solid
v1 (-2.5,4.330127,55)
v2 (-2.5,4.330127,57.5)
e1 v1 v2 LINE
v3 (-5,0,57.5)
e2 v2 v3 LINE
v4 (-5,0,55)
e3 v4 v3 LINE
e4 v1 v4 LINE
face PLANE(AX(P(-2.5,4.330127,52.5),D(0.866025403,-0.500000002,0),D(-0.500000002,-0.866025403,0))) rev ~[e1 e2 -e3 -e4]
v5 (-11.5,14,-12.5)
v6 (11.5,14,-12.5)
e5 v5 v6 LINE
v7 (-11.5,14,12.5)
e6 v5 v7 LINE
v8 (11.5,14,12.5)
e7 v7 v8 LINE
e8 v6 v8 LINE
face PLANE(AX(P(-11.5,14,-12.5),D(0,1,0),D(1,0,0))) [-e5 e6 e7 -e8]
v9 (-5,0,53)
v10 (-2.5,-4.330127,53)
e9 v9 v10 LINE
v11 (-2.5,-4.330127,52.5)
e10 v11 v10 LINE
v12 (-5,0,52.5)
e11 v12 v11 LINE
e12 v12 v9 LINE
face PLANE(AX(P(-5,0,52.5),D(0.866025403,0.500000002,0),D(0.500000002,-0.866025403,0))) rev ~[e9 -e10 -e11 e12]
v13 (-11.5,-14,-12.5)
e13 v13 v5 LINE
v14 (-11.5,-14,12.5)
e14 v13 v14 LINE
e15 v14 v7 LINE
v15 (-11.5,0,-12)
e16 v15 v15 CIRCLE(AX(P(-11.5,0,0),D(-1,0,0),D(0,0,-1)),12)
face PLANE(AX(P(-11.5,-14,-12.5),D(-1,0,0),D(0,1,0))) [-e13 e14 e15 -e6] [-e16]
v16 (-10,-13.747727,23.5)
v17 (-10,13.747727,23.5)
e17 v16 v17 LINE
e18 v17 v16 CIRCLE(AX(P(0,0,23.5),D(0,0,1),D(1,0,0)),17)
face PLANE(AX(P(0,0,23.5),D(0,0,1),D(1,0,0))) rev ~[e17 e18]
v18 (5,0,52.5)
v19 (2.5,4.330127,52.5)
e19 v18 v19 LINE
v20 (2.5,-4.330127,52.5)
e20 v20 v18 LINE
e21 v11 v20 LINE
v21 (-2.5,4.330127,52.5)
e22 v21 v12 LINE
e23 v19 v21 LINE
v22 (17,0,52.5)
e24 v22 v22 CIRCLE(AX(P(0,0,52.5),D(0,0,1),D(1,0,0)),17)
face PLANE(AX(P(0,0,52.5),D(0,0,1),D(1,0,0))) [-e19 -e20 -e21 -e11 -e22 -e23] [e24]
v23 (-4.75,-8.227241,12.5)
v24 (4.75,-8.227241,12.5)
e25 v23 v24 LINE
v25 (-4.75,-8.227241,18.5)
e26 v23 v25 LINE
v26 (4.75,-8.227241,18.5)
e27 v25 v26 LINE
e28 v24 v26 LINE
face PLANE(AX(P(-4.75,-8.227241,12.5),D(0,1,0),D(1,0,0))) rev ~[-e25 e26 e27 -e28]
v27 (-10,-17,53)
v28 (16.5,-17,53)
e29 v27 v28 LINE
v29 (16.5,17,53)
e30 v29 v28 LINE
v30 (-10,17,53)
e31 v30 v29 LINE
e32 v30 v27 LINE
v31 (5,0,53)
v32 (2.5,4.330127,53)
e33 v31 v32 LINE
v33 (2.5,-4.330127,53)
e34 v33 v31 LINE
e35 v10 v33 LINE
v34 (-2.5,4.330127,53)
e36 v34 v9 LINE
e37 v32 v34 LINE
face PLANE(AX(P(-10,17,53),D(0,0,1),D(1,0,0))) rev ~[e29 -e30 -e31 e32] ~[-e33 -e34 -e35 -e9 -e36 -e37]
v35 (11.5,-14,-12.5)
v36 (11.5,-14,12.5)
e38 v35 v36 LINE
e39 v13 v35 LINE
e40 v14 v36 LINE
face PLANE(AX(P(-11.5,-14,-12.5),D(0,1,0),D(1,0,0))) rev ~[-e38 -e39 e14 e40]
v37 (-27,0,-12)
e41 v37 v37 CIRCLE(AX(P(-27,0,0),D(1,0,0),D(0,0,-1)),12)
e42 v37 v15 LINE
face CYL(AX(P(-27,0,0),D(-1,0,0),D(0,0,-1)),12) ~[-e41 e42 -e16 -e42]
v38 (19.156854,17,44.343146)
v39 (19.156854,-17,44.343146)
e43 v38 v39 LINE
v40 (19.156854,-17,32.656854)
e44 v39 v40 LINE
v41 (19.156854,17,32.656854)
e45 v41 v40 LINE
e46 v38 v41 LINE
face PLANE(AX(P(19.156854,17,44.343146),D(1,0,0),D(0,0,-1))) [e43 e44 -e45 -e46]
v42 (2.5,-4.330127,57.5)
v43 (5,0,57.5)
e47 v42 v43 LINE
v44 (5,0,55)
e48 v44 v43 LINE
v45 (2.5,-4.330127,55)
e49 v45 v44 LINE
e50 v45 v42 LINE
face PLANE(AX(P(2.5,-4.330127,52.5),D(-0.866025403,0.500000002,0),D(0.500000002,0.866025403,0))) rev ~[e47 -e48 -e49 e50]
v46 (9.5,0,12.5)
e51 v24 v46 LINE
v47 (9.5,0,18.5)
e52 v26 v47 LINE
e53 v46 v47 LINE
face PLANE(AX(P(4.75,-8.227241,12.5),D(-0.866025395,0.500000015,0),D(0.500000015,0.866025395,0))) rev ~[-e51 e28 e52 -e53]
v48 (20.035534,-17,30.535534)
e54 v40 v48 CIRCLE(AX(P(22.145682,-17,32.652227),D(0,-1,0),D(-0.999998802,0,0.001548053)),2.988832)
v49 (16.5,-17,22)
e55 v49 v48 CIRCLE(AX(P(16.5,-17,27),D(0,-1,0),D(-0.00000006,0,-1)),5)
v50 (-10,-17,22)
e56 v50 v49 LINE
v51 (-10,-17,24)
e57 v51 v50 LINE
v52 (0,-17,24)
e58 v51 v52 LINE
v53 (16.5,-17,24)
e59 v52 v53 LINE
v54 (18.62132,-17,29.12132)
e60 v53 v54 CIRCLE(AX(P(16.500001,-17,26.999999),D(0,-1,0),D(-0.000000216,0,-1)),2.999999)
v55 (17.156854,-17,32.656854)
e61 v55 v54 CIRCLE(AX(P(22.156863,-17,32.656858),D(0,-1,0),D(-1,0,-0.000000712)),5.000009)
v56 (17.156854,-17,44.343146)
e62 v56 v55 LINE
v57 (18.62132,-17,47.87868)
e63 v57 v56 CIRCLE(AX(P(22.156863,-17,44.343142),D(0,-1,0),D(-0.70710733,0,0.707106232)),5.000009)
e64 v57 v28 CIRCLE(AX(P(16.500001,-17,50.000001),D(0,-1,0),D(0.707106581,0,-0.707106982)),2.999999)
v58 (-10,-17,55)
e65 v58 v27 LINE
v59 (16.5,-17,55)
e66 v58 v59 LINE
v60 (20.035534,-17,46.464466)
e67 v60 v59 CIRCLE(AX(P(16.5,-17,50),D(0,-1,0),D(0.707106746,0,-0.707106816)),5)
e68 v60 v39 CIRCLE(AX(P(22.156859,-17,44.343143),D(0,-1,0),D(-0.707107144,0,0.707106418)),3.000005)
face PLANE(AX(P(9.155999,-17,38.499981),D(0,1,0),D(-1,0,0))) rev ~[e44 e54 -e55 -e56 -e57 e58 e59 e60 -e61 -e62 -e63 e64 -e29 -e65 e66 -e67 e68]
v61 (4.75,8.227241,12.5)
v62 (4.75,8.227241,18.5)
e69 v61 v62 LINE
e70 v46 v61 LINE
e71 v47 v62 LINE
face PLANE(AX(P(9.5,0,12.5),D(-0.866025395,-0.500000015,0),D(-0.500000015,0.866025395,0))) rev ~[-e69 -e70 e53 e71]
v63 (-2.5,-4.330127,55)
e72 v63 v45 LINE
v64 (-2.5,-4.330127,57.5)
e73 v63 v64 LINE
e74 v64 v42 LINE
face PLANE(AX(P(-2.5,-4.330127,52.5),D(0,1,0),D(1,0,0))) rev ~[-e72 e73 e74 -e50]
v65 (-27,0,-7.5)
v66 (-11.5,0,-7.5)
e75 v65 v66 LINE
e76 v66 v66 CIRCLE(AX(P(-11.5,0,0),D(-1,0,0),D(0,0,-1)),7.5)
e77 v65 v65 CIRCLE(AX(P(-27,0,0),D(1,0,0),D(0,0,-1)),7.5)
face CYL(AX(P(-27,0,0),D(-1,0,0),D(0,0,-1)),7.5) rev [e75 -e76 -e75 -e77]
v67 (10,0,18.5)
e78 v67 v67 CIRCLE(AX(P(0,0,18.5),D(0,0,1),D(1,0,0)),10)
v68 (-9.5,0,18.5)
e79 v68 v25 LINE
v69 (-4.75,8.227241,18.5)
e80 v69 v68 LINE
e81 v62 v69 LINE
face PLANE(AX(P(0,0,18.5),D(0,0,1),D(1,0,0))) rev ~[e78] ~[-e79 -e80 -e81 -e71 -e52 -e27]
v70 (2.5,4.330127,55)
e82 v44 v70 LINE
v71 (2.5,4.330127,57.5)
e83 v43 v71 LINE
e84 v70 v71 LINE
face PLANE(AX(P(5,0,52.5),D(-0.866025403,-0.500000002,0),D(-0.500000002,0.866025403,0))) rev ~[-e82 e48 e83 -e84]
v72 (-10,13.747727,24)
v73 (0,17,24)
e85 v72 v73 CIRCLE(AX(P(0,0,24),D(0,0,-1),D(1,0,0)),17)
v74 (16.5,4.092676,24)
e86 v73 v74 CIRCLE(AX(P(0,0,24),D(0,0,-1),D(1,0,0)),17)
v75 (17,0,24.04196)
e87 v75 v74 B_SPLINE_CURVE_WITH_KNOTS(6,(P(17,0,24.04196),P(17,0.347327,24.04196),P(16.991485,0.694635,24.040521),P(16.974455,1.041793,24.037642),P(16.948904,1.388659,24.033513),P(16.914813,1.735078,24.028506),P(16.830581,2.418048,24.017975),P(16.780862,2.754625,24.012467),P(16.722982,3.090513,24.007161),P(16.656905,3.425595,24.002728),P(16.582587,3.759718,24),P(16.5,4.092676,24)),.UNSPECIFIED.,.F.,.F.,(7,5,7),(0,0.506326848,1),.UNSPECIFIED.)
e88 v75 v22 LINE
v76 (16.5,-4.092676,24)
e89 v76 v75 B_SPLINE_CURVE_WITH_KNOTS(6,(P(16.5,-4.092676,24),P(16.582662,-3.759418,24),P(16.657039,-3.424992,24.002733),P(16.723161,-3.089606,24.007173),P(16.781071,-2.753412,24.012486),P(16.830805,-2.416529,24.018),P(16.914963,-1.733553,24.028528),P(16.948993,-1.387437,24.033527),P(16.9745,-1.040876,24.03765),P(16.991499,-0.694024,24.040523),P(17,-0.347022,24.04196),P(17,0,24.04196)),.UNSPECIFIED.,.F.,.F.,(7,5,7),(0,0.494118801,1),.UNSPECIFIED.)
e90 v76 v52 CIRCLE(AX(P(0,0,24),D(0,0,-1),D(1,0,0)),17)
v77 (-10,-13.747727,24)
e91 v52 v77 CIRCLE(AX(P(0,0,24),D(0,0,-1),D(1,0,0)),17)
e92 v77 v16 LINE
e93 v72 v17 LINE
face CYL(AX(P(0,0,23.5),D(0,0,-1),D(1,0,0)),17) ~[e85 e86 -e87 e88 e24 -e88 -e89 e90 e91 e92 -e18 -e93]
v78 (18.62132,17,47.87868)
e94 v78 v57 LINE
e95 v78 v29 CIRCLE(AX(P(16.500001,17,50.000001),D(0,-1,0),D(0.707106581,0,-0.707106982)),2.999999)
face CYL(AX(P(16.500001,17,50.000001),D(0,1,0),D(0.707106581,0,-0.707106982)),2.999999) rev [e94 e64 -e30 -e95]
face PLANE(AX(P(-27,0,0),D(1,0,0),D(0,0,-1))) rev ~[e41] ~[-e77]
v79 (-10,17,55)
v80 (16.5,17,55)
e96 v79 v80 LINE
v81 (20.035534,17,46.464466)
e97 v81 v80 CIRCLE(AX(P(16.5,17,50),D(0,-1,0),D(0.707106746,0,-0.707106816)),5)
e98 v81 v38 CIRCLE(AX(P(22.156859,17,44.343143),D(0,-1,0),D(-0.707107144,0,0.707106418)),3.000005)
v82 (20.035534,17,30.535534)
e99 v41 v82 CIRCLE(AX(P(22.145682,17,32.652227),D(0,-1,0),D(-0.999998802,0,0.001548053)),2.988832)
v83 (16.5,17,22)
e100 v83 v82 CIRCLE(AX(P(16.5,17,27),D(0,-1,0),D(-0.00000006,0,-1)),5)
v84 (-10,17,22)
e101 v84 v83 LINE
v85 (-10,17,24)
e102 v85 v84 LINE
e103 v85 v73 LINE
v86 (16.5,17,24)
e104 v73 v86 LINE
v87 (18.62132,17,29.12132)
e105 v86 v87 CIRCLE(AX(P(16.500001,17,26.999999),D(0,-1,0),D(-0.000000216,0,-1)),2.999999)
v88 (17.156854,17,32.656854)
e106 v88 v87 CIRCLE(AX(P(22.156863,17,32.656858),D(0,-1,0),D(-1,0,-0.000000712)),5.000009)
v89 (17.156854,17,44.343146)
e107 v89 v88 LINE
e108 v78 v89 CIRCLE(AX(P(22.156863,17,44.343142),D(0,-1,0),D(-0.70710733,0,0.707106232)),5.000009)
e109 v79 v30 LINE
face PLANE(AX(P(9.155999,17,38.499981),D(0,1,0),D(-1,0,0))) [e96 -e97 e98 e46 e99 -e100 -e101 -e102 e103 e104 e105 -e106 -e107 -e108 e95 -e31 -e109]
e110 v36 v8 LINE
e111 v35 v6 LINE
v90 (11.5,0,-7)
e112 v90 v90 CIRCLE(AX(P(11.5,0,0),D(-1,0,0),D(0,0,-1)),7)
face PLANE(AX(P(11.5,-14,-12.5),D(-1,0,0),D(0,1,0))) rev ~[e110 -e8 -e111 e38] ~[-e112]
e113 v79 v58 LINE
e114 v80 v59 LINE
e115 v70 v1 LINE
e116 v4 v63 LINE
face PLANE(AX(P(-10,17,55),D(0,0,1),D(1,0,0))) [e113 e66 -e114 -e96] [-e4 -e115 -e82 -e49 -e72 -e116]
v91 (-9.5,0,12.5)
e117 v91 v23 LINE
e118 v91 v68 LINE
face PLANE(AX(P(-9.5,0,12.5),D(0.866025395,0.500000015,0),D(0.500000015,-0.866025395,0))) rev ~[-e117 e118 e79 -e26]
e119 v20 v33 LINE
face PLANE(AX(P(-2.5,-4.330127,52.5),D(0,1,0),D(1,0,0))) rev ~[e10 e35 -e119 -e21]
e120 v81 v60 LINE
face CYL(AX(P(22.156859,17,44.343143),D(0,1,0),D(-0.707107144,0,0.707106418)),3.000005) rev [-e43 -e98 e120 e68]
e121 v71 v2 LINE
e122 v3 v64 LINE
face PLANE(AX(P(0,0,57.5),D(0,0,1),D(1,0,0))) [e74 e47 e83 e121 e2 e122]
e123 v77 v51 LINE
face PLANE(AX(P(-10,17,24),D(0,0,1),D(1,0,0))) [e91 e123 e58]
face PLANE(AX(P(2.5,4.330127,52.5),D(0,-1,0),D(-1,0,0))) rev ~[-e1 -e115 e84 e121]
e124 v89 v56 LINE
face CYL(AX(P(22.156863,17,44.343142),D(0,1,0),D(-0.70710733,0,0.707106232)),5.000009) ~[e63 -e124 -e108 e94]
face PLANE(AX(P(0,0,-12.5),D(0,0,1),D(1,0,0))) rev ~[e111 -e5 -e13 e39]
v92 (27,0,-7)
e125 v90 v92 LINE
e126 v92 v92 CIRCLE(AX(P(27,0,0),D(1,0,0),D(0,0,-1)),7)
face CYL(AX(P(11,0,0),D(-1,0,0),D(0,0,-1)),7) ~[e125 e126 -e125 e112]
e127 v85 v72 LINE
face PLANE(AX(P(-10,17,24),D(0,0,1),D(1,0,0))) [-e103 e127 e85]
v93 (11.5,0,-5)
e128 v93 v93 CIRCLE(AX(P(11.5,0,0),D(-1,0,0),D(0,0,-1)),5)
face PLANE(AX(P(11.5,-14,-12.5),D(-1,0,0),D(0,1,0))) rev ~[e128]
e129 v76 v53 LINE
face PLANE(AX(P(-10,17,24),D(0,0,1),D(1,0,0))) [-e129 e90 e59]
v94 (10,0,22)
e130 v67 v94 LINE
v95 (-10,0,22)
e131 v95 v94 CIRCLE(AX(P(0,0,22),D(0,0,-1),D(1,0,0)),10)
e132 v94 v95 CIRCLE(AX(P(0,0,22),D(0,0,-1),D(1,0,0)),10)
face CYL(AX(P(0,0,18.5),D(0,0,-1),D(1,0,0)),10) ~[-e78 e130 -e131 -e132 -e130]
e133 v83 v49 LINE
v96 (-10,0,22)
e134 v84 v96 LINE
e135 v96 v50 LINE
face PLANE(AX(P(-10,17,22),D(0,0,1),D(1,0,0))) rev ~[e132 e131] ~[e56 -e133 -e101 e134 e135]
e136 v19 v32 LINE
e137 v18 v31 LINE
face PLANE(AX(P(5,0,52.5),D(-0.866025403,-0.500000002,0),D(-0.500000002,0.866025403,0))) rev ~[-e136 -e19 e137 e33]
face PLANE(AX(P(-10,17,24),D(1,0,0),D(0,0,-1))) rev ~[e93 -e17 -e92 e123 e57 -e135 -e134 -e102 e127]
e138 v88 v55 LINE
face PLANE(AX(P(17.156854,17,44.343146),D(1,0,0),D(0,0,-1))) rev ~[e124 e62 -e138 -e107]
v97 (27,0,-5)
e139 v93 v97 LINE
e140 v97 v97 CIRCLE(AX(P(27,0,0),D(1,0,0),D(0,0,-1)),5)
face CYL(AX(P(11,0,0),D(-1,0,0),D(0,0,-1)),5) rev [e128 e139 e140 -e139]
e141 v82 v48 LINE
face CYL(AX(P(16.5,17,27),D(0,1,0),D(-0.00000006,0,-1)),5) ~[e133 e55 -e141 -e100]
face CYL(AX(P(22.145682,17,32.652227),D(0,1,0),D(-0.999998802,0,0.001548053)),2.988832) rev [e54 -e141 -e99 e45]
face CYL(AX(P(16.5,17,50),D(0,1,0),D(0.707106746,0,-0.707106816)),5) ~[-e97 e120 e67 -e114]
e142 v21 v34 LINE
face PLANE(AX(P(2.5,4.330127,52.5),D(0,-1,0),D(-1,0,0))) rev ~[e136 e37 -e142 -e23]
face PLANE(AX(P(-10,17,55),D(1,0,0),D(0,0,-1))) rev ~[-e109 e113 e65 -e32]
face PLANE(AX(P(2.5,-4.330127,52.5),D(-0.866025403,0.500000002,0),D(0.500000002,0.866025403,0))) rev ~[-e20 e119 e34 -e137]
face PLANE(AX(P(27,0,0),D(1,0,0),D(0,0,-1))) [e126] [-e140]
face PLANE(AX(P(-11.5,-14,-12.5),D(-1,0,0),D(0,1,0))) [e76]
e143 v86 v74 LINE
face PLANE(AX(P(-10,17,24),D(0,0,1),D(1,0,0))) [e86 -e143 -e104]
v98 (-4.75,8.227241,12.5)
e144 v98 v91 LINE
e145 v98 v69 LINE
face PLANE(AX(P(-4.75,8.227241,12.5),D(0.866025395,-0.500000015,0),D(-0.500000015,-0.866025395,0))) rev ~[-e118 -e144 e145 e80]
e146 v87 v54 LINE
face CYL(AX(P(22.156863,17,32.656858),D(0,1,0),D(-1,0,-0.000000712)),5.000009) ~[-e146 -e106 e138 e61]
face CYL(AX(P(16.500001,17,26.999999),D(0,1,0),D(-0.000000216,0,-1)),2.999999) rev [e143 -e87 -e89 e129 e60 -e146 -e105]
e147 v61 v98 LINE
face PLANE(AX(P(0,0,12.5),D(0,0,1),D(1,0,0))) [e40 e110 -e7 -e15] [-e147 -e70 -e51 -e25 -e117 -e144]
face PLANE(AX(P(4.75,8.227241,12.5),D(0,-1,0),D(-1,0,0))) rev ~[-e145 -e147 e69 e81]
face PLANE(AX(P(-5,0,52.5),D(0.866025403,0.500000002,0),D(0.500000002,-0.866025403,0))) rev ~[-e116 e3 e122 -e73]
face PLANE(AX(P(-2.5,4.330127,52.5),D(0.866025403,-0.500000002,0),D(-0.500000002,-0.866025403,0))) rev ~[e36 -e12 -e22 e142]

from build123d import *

# Parameters (mm, degrees)
PAD004_DEPTH            = 34
CYLINDER001_R           = 5
CYLINDER001_DEPTH       = 16
CYLINDER001_PITCH_ANGLE = 90
CYLINDER003_R           = 7
CYLINDER003_DEPTH       = 16
CYLINDER003_PITCH_ANGLE = 90
CYLINDER002_R           = 7.5
CYLINDER002_DEPTH       = 16
CYLINDER002_PITCH_ANGLE = 90
CYLINDER_R              = 12
CYLINDER_DEPTH          = 16
CYLINDER_PITCH_ANGLE    = 90
BOX_W                   = 23
BOX_H                   = 28
BOX_DEPTH               = 25
PAD_DEPTH               = 6
SKETCH001_R             = 10
PAD001_DEPTH            = 5
SKETCH002_R             = 17
PAD002_DEPTH            = 29
PAD003_DEPTH            = 5


with BuildPart() as pad004:
    # Sketch004 → Pad004 (new body)
    with BuildSketch(Plane.XZ.offset(-17)):
        with BuildLine():
            Line((-10, 55), (16.5, 55))
            ThreePointArc((20.035534, 46.464466), (21.119398, 51.913417), (16.5, 55))
            ThreePointArc((20.035534, 46.464466), (19.385216, 45.491196), (19.156854, 44.343146))
            Line((19.156854, 44.343146), (19.156854, 32.656854))
            ThreePointArc((19.156854, 32.656854), (19.384362, 31.50845), (20.035534, 30.535534))
            ThreePointArc((16.5, 22), (21.119398, 25.086583), (20.035534, 30.535534))
            Line((-10, 22), (16.5, 22))
            Line((-10, 24), (-10, 22))
            Line((-10, 24), (16.5, 24))
            ThreePointArc((16.5, 24), (19.271639, 25.85195), (18.62132, 29.12132))
            ThreePointArc((17.156854, 32.656854), (17.537457, 30.743437), (18.62132, 29.12132))
            Line((17.156854, 44.343146), (17.156854, 32.656854))
            ThreePointArc((18.62132, 47.87868), (17.537457, 46.256563), (17.156854, 44.343146))
            ThreePointArc((18.62132, 47.87868), (19.271639, 51.14805), (16.5, 53))
            Line((-10, 53), (16.5, 53))
            Line((-10, 55), (-10, 53))
        make_face()
    extrude(amount=PAD004_DEPTH)


with BuildPart() as cylinder001:
    # Cylinder001 → Cylinder001 (new body)
    with BuildSketch(Plane.XY):
        Circle(CYLINDER001_R)
    extrude(amount=CYLINDER001_DEPTH)


with BuildPart() as cylinder001_1:
    # Cylinder001 pitch: moved
    add(cylinder001.part.rotate(Axis((0, 0, 0), (0, 1, 0)), CYLINDER001_PITCH_ANGLE))


with BuildPart() as cylinder001_2:
    # Cylinder001 placement: moved
    add(cylinder001_1.part.moved(Location((11, 0, 0))))


with BuildPart() as cut001:
    # Cylinder003 → Cylinder003 (new body)
    with BuildSketch(Plane.XY):
        Circle(CYLINDER003_R)
    extrude(amount=CYLINDER003_DEPTH)


with BuildPart() as cut001_1:
    # Cylinder003 pitch: moved
    add(cut001.part.rotate(Axis((0, 0, 0), (0, 1, 0)), CYLINDER003_PITCH_ANGLE))


with BuildPart() as cut001_2:
    # Cylinder003 placement: moved
    add(cut001_1.part.moved(Location((11, 0, 0))))

    # Cut001: cut Cylinder001
    add(cylinder001_2.part, mode=Mode.SUBTRACT)


with BuildPart() as cylinder002:
    # Cylinder002 → Cylinder002 (new body)
    with BuildSketch(Plane.XY):
        Circle(CYLINDER002_R)
    extrude(amount=CYLINDER002_DEPTH)


with BuildPart() as cylinder002_1:
    # Cylinder002 pitch: moved
    add(cylinder002.part.rotate(Axis((0, 0, 0), (0, 1, 0)), CYLINDER002_PITCH_ANGLE))


with BuildPart() as cylinder002_2:
    # Cylinder002 placement: moved
    add(cylinder002_1.part.moved(Location((-27, 0, 0))))


with BuildPart() as cut:
    # Cylinder → Cylinder (new body)
    with BuildSketch(Plane.XY):
        Circle(CYLINDER_R)
    extrude(amount=CYLINDER_DEPTH)


with BuildPart() as cut_1:
    # Cylinder pitch: moved
    add(cut.part.rotate(Axis((0, 0, 0), (0, 1, 0)), CYLINDER_PITCH_ANGLE))


with BuildPart() as cut_2:
    # Cylinder placement: moved
    add(cut_1.part.moved(Location((-27, 0, 0))))

    # Cut: cut Cylinder002
    add(cylinder002_2.part, mode=Mode.SUBTRACT)


with BuildPart() as fusion002:
    # Box → Box (new body)
    with BuildSketch(Plane(origin=(-11.5, -14, -12.5), x_dir=(1, 0, 0), z_dir=(0, 0, 1))):
        with Locations((11.5, 14)):
            Rectangle(BOX_W, BOX_H)
    extrude(amount=BOX_DEPTH)

    # Fusion: union Cut
    add(cut_2.part)

    # Fusion001: union Cut001
    add(cut001_2.part)

    # Sketch → Pad (new body)
    with BuildSketch(Plane.XY.offset(12.5)):
        Polygon((4.75, 8.227241), (-4.75, 8.227241), (-9.5, 0), (-4.75, -8.227241), (4.75, -8.227241), (9.5, 0), align=None)
    extrude(amount=PAD_DEPTH)

    # Sketch001 → Pad001 (new body)
    with BuildSketch(Plane.XY.offset(18.5)):
        Circle(SKETCH001_R)
    extrude(amount=PAD001_DEPTH)

    # Sketch002 → Pad002 (new body)
    with BuildSketch(Plane.XY.offset(23.5)):
        Circle(SKETCH002_R)
    extrude(amount=PAD002_DEPTH)

    # Sketch003 → Pad003 (new body)
    with BuildSketch(Plane.XY.offset(52.5)):
        Polygon((2.5, 4.330127), (-2.5, 4.330127), (-5, 0), (-2.5, -4.330127), (2.5, -4.330127), (5, 0), align=None)
    extrude(amount=PAD003_DEPTH)

    # Fusion002: union Pad004
    add(pad004.part)


solid = fusion002.part
